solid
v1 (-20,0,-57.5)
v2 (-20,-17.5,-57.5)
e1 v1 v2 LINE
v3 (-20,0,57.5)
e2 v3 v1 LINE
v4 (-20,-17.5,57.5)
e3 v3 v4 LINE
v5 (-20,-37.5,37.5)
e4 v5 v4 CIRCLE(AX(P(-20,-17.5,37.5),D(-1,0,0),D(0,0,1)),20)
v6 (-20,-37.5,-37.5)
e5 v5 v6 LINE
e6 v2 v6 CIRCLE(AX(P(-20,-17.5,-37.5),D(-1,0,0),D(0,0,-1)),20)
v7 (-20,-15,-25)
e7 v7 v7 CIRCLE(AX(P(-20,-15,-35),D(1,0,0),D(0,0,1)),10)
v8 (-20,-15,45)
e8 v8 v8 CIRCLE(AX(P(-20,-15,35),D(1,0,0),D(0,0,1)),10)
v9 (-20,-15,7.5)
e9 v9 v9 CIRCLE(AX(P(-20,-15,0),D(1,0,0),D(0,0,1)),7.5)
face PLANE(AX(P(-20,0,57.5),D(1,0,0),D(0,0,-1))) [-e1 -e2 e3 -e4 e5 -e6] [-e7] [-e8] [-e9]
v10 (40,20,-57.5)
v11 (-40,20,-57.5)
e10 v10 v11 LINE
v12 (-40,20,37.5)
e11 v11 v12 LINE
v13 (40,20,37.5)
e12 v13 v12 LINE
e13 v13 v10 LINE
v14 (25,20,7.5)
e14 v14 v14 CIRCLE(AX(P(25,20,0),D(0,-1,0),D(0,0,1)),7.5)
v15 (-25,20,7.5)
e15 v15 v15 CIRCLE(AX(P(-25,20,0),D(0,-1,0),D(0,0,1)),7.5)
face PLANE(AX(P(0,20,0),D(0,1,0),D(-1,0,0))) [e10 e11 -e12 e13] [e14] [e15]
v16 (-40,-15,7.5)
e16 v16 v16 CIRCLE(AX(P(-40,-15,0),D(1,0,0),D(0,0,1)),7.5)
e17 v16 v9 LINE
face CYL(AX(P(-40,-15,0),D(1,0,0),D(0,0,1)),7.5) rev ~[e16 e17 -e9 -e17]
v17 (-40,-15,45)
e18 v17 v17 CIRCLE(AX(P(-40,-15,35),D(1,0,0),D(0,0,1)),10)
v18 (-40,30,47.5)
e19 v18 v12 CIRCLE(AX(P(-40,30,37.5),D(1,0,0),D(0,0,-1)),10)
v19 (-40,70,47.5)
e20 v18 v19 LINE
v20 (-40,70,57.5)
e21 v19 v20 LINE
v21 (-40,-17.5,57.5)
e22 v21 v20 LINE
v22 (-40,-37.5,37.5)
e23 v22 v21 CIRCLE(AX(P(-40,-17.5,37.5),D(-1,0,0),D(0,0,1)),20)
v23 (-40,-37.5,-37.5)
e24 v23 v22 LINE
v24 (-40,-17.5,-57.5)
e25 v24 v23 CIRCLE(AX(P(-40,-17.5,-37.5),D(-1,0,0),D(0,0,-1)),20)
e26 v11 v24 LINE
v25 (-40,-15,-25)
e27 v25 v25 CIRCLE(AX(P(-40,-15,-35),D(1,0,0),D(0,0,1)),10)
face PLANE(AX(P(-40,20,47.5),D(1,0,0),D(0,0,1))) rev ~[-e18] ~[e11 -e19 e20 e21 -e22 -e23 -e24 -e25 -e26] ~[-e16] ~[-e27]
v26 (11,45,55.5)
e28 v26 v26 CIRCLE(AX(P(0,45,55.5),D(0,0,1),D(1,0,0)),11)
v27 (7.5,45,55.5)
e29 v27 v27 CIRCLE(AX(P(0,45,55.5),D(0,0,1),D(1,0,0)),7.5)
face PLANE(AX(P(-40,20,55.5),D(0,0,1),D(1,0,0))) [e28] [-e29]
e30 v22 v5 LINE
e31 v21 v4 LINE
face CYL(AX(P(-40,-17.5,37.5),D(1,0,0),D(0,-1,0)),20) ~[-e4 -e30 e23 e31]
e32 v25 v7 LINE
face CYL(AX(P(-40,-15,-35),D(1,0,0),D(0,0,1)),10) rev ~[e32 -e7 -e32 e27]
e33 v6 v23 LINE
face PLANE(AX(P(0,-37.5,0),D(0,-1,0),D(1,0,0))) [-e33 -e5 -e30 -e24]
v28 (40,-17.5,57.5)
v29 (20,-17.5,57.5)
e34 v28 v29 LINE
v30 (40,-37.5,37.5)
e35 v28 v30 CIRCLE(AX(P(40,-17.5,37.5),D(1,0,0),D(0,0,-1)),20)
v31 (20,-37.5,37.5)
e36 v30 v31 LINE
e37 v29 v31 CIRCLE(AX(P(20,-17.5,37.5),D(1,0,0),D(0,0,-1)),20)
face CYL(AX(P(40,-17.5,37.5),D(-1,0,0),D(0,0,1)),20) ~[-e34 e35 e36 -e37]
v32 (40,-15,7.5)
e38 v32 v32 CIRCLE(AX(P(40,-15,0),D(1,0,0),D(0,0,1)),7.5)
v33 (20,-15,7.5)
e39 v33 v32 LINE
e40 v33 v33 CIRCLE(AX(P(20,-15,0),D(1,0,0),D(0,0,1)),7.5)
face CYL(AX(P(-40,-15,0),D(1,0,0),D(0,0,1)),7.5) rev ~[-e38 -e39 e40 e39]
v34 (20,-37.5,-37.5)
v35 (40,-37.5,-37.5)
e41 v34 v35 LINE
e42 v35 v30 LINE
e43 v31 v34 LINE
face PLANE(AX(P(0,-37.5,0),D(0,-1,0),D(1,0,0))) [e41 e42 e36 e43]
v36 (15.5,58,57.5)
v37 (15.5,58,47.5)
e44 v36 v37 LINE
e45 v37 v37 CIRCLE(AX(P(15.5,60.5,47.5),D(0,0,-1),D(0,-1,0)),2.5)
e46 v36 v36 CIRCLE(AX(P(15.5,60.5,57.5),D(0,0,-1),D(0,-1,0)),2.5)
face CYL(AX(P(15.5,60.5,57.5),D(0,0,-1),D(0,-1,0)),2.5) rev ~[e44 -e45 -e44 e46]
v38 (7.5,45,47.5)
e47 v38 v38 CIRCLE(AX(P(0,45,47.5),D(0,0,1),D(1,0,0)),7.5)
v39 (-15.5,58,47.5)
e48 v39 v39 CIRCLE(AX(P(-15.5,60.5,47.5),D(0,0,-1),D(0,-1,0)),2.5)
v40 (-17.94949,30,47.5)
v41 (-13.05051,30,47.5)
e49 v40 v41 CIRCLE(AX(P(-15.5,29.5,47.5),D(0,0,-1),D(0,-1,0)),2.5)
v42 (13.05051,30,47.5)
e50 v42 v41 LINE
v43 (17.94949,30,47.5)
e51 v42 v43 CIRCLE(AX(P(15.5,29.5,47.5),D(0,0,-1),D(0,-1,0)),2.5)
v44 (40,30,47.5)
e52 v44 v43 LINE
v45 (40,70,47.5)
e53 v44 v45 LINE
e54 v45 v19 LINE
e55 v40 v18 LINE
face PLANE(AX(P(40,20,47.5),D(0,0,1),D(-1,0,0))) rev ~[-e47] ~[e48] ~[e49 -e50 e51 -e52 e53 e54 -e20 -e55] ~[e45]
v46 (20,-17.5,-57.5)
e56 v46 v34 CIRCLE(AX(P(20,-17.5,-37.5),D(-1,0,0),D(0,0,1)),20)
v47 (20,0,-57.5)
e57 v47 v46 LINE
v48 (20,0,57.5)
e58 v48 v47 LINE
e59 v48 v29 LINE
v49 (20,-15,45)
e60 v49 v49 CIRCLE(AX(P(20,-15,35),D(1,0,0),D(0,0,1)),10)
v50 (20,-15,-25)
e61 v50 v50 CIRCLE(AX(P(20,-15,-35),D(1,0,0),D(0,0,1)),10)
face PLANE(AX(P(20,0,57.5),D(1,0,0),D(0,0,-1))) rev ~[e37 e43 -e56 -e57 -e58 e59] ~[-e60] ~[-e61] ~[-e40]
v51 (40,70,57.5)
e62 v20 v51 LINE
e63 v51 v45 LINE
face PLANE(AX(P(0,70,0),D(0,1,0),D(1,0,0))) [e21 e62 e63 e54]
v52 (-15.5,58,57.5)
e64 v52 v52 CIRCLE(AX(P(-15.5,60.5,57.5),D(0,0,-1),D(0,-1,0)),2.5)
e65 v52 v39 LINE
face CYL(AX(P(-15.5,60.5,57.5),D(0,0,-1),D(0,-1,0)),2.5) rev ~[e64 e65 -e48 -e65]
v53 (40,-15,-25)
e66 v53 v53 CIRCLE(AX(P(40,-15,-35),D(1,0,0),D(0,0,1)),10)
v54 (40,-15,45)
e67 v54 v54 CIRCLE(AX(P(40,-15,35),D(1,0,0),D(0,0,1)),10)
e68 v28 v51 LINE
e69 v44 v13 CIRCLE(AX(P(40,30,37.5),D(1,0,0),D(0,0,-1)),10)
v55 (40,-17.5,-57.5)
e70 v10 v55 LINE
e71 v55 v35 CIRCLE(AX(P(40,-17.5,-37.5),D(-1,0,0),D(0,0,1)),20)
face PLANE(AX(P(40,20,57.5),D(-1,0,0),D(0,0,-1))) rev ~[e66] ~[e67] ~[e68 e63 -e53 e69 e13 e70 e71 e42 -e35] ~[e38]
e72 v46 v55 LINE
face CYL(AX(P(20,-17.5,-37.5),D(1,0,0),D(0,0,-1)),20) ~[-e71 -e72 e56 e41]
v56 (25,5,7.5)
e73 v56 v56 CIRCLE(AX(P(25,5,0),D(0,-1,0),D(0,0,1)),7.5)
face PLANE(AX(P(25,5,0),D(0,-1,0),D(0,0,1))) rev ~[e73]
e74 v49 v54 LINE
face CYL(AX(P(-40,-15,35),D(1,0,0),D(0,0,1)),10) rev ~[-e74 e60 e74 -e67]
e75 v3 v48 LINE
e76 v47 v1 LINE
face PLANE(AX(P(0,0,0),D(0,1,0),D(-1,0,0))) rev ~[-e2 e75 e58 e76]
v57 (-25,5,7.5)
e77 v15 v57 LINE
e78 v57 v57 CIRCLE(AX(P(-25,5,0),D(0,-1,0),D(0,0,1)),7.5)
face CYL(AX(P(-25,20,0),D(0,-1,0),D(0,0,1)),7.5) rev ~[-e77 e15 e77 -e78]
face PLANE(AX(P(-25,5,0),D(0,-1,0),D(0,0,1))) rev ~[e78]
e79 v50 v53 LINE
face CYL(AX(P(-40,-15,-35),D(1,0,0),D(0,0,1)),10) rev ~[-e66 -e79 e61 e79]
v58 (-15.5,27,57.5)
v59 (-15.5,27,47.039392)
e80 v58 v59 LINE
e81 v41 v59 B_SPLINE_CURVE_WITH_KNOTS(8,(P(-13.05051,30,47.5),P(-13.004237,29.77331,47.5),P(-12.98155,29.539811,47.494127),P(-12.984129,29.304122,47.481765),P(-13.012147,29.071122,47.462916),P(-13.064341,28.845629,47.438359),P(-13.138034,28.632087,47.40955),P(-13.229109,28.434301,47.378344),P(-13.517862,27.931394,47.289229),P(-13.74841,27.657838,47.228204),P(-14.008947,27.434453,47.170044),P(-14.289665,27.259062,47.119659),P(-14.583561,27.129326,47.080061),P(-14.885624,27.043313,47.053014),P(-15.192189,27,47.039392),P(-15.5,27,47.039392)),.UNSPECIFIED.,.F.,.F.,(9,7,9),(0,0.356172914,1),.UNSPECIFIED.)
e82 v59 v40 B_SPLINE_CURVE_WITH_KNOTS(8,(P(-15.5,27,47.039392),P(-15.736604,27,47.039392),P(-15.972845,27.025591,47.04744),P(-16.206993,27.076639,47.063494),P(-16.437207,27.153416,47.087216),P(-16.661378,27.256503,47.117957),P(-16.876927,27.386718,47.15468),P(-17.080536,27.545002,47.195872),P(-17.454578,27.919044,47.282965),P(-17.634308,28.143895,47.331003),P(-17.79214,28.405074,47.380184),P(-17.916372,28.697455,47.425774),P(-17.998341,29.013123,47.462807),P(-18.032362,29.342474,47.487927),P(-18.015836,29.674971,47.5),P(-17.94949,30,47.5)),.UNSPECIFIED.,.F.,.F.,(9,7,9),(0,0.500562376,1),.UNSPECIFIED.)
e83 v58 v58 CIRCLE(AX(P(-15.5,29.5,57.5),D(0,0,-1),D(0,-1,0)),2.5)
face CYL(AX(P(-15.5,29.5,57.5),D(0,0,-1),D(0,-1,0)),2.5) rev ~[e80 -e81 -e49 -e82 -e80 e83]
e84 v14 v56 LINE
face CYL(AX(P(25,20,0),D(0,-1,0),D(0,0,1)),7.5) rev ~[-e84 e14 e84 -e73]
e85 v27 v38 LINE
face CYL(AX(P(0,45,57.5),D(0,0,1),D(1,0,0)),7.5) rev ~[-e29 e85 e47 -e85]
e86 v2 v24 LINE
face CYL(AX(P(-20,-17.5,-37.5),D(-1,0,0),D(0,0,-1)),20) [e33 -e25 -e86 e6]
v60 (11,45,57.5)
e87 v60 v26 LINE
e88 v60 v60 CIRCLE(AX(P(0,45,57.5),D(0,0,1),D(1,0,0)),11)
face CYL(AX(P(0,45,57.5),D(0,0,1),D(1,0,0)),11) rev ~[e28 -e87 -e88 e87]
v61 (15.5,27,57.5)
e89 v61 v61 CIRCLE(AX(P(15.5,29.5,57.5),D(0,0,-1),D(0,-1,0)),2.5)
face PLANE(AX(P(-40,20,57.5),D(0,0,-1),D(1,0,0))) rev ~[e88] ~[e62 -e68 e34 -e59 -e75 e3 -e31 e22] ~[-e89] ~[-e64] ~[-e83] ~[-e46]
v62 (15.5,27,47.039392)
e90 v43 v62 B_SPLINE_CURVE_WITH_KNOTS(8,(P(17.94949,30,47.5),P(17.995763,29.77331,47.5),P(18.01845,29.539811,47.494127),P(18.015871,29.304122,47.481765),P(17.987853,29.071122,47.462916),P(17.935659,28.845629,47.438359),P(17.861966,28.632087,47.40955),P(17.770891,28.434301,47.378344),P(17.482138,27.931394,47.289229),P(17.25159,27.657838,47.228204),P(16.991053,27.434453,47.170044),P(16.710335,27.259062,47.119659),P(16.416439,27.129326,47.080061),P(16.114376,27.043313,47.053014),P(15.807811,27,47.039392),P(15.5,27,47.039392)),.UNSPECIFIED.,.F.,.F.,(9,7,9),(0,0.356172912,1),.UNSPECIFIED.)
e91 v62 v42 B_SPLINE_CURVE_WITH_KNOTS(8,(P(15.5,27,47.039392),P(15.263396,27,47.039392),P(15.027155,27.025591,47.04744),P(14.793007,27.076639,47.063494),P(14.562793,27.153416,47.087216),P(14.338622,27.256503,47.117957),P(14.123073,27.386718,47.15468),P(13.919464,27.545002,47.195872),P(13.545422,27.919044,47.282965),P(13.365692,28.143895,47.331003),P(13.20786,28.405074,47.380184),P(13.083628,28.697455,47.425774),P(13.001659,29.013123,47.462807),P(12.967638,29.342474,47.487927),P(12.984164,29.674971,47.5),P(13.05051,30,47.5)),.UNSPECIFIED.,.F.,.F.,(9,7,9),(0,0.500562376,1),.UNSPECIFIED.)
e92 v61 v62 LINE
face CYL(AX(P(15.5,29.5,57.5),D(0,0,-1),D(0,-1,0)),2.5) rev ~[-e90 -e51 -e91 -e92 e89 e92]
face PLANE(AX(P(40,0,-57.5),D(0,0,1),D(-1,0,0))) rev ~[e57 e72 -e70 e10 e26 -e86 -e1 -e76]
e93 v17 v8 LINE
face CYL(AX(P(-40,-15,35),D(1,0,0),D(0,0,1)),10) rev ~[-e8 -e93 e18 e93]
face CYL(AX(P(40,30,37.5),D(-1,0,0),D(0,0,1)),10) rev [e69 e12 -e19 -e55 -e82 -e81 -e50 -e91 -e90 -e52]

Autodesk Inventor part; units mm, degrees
ref_plane "YZ Plane" through (0, 0, 0) normal (1, 0, 0) x (0, 1, 0)
ref_plane "XZ Plane" through (0, 0, 0) normal (0, 1, 0) x (-1, 0, 0)
ref_plane "XY Plane" through (0, 0, 0) normal (0, 0, 1) x (1, 0, 0)
sketch "Sketch1" plane through (0, 0, 0) normal (0, 1, 0) x (-1, 0, 0)
  line L0 (40, 57.5) -> (-40, 57.5)
  line L1 (-40, 57.5) -> (-40, -57.5)
  line L2 (-40, -57.5) -> (40, -57.5)
  line L3 (40, -57.5) -> (40, 57.5)
  point P0 (0, 0)
  point P1 (40, 0)
  point P2 (0, 57.5)
  dimension "d0" = 115
  dimension "d1" = 80
extrude "Extrusion1" add sketch "Sketch1" along normal blind 20
sketch "Sketch12" plane through (0, 0, 0) normal (0, -1, 0) x (1, 0, 0)
  line L0 (-40, 57.5) -> (-20, 57.5)
  line L1 (-20, 57.5) -> (-20, -57.5)
  line L2 (-20, -57.5) -> (-40, -57.5)
  line L3 (-40, -57.5) -> (-40, 57.5)
  line L4 (-40, -57.5) -> (-40, 57.5) projected
  line L5 (0, 100.8809) -> (0, -116.5773) construction
  line L6 (40, 57.5) -> (20, 57.5)
  line L7 (20, 57.5) -> (20, -57.5)
  line L8 (20, -57.5) -> (40, -57.5)
  line L9 (40, -57.5) -> (40, 57.5)
  point P0 (0, 0)
  point P1 (-40, 0)
  point P2 (0, 0)
  point P3 (-20, 0)
  dimension "d56" = 20
  dimension "d57" = 115
extrude "Extrusion11" add sketch "Sketch12" along normal blind 37.5
sketch "Sketch13" plane through (-40, 0, 57.5) normal (-1, 0, 0) x (0, 0, 1)
  line L0 (0, 0) -> (-115, 0) projected
  point P0 (-57.5, 0)
  point P1 (-22.5, -15)
  point P2 (-92.5, -15)
  point P3 (-57.5, -15)
  point P4 (-57.5, 0)
  dimension "d129" = 35
  dimension "d130" = 35
  dimension "d131" = 15
hole "Hole2" at (-40, -15, 35) at (-40, -15, -35) direction (1, 0, 0) diameter 20 end through all
hole "Hole3" at (-40, -15, 0) direction (1, 0, 0) diameter 15 end through all
sketch "Sketch19" plane through (0, 20, 0) normal (0, 1, 0) x (1, 0, 0)
  point P0 (0, 0)
  point P1 (25, 0)
  point P2 (-25, 0)
  dimension "d111" = 25
  dimension "d112" = 25
hole "Hole6" at (25, 20, 0) at (-25, 20, 0) direction (0, -1, 0) diameter 15 depth 15
fillet "Fillet19" radius 20 4 edges at (-30, -37.5, -57.5) (30, -37.5, -57.5) (30, -37.5, 57.5) (-30, -37.5, 57.5)
sketch "Sketch20" plane through (0, 20, 0) normal (0, 1, 0) x (1, 0, 0)
  line L0 (-40, -57.5) -> (40, -57.5)
  line L1 (40, -57.5) -> (40, -47.5)
  line L2 (40, -47.5) -> (-40, -47.5)
  line L3 (-40, -47.5) -> (-40, -57.5)
  line L4 (-40, 57.5) -> (-40, -57.5) projected
  line L5 (40, -57.5) -> (40, 57.5) projected
  line L6 (-40, -57.5) -> (40, -57.5) projected
  point P0 (0, 0)
  dimension "d122" = 10
extrude "Extrusion15" add sketch "Sketch20" along normal blind 50
sketch "Sketch21" plane through (-40, 20, 57.5) normal (0, 0, 1) x (1, 0, 0)
  circle A0 centre (40, 25) radius 7.5
  line L0 (20, -20) -> (60, -20) projected
  line L1 (0, 50) -> (80, 50) projected
  circle A1 centre (40, 25) radius 11
  point P0 (40, -20)
  point P1 (40, -20)
  point P2 (0, -20)
  point P3 (80, -20)
  point P4 (24.5, 40.5)
  point P5 (24.5, 9.5)
  point P6 (55.5, 9.5)
  point P7 (55.5, 40.5)
  dimension "d128" = 15
  dimension "d132" = 25
  dimension "d134" = 15.5
  dimension "d135" = 15.5
  dimension "d138" = 360
  dimension "d147" = 22
extrude "Extrusion16" cut sketch "Sketch21" against normal blind 50 contours A0
fillet "Fillet20" radius 10 1 edges at (0, 20, 47.5)
hole "Hole7" at (-15.5, 60.5, 57.5) at (-15.5, 29.5, 57.5) at (15.5, 29.5, 57.5) at (15.5, 60.5, 57.5) direction (0, 0, -1) diameter 5 depth 15
extrude "Extrusion17" cut sketch "Sketch21" against normal blind 2
properties part number "Y_Slider_Part"
